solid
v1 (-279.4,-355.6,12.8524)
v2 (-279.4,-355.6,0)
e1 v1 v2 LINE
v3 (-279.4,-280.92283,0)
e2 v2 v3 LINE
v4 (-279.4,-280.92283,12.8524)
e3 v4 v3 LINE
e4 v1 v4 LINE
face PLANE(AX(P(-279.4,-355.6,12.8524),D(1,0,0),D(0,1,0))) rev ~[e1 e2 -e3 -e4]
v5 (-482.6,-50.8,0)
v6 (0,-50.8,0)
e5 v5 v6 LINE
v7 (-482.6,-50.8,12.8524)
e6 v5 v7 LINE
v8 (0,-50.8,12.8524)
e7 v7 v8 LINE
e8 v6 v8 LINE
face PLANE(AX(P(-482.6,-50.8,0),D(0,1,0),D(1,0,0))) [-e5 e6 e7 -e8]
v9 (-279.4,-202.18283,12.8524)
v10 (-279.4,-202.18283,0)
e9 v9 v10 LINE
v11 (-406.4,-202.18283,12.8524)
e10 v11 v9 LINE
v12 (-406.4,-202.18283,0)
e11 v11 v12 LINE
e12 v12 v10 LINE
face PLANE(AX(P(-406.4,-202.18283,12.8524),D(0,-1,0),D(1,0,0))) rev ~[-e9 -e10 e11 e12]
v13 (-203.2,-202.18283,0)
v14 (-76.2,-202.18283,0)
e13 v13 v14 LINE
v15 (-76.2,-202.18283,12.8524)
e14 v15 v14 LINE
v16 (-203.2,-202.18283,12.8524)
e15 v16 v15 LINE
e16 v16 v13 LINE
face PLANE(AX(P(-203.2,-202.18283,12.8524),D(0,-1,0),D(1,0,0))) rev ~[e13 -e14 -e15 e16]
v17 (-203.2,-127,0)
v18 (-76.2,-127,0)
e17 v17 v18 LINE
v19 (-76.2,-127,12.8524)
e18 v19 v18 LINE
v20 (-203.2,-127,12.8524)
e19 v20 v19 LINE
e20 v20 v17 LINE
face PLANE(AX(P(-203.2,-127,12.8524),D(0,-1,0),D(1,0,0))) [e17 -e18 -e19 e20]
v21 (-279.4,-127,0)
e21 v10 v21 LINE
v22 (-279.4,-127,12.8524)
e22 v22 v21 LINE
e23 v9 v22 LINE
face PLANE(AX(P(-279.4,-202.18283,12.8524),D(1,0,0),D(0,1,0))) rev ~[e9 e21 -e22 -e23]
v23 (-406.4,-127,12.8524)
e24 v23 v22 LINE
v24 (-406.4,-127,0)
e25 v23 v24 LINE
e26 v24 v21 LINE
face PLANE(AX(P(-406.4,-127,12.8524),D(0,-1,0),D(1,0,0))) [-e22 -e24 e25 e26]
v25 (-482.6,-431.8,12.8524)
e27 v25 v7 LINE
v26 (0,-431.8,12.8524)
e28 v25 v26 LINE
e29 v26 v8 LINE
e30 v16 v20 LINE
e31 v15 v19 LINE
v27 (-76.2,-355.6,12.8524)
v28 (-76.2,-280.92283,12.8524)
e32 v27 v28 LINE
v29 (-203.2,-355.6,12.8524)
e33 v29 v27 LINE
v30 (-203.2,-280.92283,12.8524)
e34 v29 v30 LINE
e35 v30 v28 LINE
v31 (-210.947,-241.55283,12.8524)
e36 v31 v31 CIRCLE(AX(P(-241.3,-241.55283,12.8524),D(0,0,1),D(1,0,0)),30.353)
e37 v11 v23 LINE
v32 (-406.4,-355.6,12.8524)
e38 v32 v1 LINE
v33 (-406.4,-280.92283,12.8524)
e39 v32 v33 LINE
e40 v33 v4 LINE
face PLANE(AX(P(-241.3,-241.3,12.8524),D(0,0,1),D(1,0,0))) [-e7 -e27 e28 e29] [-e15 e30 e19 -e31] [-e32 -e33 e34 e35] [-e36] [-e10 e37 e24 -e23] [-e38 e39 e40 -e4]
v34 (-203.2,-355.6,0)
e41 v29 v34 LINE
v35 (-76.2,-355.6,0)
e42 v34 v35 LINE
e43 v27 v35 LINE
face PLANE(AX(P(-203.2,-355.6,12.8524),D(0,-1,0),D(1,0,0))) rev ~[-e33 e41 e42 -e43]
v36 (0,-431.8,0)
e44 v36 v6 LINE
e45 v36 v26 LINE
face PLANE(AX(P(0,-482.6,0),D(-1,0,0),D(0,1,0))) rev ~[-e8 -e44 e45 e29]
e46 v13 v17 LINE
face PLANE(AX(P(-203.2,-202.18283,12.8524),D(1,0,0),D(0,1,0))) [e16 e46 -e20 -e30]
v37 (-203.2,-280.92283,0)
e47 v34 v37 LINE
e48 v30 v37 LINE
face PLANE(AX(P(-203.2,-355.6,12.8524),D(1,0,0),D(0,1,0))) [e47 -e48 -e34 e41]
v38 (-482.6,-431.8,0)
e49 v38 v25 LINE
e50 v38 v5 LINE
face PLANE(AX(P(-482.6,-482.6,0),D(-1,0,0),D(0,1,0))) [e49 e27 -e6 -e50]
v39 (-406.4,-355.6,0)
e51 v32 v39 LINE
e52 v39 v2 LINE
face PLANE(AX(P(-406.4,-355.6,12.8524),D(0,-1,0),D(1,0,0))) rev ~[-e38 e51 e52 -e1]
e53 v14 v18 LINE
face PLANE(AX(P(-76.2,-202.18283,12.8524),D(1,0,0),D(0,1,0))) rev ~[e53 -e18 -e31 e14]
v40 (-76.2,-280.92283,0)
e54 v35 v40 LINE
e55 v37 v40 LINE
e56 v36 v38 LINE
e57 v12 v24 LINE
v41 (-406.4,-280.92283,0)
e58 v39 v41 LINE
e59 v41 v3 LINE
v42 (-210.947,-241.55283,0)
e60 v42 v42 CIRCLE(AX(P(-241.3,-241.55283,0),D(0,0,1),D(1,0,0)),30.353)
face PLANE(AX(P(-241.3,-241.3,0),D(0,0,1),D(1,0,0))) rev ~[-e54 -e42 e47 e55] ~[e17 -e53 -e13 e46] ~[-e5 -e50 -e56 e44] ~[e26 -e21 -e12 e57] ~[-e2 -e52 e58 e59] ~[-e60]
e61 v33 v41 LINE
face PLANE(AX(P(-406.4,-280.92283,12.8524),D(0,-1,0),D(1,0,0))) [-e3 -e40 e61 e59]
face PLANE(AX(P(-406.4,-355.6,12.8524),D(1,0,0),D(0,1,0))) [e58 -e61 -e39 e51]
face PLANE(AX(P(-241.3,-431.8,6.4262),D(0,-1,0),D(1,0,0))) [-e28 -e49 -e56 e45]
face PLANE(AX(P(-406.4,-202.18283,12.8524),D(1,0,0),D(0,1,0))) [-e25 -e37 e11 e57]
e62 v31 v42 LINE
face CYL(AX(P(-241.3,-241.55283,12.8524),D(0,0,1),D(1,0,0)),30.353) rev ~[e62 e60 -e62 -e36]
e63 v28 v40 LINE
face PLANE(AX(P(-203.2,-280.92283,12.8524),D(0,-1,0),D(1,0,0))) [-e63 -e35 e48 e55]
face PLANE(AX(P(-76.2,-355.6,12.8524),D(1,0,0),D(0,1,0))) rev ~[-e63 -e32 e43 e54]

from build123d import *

# Parameters (mm, degrees)
F0_W      = 482.6
F0_H      = 482.6
F1_DEPTH  = 12.8524
F2_W      = 330.2
F2_H      = 12.8524
F2_W_2    = 76.2
F3_DEPTH  = 50.8
F4_W      = 330.2
F4_H      = 12.8524
F4_W_2    = 76.2
F5_DEPTH  = 50.8
F8_W      = 127
F8_H      = 74.6771698952
F8_H_2    = 75.1828301048
F9_W      = 127
F9_H      = 74.6771698952
F10_DEPTH = 25.4
F12_DEPTH = 50.8
F13_DEPTH = 50.8
F14_R     = 30.353
F15_DEPTH = 25.4


with BuildPart() as f1:
    # F0 (on Top) → F1 (new body)
    with BuildSketch(Plane.XY):
        with Locations((-241.3, -241.3)):
            Rectangle(F0_W, F0_H)
    extrude(amount=F1_DEPTH)

    # F2 (on face) → F3 (cut)
    with BuildSketch(Plane.XZ.offset(482.6)):
        with Locations((-241.3, 6.4262)):
            Rectangle(F2_W, F2_H)
        with Locations((-444.5, 6.4262)):
            Rectangle(F2_W_2, F2_H)
    extrude(amount=-F3_DEPTH, mode=Mode.SUBTRACT)

    # F4 (on face) → F5 (cut)
    with BuildSketch(Plane(origin=(0, 0, 0), x_dir=(-1, 0, 0), z_dir=(0, 1, 0))):
        with Locations((241.3, 6.4262)):
            Rectangle(F4_W, F4_H)
        with Locations((38.1, 6.4262)):
            Rectangle(F4_W_2, F4_H)
    extrude(amount=-F5_DEPTH, mode=Mode.SUBTRACT)

    # F8 (on face) + F9 (on face) → F10 (cut)
    with BuildSketch(Plane.XY.offset(12.8524)):
        with Locations((-139.7, -318.2614150524)):
            Rectangle(F8_W, F8_H)
        with Locations((-342.9, -164.5914150524)):
            Rectangle(F8_W, F8_H_2)
        with Locations((-139.7, -164.5914150524)):
            Rectangle(F8_W, F8_H_2)
    with BuildSketch(Plane.XY.offset(12.8524)):
        with Locations((-342.9, -318.2614150524)):
            Rectangle(F9_W, F9_H)
    extrude(amount=-F10_DEPTH, mode=Mode.SUBTRACT)

    # F12 (cut): a face of the model
    f12_faces = [f1.faces().sort_by_distance(p)[0] for p in [
        (-38.1, -482.6, 6.4262),
    ]]
    extrude(f12_faces, amount=-F12_DEPTH, mode=Mode.SUBTRACT)

    # F13 (cut): a face of the model
    f13_faces = [f1.faces().sort_by_distance(p)[0] for p in [
        (-444.5, 0, 6.4262),
    ]]
    extrude(f13_faces, amount=-F13_DEPTH, mode=Mode.SUBTRACT)

    # F14 (on face) → F15 (cut)
    with BuildSketch(Plane.XY.offset(12.8524)):
        with Locations((-241.3, -241.5528301048)):
            Circle(F14_R)
    extrude(amount=-F15_DEPTH, mode=Mode.SUBTRACT)


solid = f1.part
